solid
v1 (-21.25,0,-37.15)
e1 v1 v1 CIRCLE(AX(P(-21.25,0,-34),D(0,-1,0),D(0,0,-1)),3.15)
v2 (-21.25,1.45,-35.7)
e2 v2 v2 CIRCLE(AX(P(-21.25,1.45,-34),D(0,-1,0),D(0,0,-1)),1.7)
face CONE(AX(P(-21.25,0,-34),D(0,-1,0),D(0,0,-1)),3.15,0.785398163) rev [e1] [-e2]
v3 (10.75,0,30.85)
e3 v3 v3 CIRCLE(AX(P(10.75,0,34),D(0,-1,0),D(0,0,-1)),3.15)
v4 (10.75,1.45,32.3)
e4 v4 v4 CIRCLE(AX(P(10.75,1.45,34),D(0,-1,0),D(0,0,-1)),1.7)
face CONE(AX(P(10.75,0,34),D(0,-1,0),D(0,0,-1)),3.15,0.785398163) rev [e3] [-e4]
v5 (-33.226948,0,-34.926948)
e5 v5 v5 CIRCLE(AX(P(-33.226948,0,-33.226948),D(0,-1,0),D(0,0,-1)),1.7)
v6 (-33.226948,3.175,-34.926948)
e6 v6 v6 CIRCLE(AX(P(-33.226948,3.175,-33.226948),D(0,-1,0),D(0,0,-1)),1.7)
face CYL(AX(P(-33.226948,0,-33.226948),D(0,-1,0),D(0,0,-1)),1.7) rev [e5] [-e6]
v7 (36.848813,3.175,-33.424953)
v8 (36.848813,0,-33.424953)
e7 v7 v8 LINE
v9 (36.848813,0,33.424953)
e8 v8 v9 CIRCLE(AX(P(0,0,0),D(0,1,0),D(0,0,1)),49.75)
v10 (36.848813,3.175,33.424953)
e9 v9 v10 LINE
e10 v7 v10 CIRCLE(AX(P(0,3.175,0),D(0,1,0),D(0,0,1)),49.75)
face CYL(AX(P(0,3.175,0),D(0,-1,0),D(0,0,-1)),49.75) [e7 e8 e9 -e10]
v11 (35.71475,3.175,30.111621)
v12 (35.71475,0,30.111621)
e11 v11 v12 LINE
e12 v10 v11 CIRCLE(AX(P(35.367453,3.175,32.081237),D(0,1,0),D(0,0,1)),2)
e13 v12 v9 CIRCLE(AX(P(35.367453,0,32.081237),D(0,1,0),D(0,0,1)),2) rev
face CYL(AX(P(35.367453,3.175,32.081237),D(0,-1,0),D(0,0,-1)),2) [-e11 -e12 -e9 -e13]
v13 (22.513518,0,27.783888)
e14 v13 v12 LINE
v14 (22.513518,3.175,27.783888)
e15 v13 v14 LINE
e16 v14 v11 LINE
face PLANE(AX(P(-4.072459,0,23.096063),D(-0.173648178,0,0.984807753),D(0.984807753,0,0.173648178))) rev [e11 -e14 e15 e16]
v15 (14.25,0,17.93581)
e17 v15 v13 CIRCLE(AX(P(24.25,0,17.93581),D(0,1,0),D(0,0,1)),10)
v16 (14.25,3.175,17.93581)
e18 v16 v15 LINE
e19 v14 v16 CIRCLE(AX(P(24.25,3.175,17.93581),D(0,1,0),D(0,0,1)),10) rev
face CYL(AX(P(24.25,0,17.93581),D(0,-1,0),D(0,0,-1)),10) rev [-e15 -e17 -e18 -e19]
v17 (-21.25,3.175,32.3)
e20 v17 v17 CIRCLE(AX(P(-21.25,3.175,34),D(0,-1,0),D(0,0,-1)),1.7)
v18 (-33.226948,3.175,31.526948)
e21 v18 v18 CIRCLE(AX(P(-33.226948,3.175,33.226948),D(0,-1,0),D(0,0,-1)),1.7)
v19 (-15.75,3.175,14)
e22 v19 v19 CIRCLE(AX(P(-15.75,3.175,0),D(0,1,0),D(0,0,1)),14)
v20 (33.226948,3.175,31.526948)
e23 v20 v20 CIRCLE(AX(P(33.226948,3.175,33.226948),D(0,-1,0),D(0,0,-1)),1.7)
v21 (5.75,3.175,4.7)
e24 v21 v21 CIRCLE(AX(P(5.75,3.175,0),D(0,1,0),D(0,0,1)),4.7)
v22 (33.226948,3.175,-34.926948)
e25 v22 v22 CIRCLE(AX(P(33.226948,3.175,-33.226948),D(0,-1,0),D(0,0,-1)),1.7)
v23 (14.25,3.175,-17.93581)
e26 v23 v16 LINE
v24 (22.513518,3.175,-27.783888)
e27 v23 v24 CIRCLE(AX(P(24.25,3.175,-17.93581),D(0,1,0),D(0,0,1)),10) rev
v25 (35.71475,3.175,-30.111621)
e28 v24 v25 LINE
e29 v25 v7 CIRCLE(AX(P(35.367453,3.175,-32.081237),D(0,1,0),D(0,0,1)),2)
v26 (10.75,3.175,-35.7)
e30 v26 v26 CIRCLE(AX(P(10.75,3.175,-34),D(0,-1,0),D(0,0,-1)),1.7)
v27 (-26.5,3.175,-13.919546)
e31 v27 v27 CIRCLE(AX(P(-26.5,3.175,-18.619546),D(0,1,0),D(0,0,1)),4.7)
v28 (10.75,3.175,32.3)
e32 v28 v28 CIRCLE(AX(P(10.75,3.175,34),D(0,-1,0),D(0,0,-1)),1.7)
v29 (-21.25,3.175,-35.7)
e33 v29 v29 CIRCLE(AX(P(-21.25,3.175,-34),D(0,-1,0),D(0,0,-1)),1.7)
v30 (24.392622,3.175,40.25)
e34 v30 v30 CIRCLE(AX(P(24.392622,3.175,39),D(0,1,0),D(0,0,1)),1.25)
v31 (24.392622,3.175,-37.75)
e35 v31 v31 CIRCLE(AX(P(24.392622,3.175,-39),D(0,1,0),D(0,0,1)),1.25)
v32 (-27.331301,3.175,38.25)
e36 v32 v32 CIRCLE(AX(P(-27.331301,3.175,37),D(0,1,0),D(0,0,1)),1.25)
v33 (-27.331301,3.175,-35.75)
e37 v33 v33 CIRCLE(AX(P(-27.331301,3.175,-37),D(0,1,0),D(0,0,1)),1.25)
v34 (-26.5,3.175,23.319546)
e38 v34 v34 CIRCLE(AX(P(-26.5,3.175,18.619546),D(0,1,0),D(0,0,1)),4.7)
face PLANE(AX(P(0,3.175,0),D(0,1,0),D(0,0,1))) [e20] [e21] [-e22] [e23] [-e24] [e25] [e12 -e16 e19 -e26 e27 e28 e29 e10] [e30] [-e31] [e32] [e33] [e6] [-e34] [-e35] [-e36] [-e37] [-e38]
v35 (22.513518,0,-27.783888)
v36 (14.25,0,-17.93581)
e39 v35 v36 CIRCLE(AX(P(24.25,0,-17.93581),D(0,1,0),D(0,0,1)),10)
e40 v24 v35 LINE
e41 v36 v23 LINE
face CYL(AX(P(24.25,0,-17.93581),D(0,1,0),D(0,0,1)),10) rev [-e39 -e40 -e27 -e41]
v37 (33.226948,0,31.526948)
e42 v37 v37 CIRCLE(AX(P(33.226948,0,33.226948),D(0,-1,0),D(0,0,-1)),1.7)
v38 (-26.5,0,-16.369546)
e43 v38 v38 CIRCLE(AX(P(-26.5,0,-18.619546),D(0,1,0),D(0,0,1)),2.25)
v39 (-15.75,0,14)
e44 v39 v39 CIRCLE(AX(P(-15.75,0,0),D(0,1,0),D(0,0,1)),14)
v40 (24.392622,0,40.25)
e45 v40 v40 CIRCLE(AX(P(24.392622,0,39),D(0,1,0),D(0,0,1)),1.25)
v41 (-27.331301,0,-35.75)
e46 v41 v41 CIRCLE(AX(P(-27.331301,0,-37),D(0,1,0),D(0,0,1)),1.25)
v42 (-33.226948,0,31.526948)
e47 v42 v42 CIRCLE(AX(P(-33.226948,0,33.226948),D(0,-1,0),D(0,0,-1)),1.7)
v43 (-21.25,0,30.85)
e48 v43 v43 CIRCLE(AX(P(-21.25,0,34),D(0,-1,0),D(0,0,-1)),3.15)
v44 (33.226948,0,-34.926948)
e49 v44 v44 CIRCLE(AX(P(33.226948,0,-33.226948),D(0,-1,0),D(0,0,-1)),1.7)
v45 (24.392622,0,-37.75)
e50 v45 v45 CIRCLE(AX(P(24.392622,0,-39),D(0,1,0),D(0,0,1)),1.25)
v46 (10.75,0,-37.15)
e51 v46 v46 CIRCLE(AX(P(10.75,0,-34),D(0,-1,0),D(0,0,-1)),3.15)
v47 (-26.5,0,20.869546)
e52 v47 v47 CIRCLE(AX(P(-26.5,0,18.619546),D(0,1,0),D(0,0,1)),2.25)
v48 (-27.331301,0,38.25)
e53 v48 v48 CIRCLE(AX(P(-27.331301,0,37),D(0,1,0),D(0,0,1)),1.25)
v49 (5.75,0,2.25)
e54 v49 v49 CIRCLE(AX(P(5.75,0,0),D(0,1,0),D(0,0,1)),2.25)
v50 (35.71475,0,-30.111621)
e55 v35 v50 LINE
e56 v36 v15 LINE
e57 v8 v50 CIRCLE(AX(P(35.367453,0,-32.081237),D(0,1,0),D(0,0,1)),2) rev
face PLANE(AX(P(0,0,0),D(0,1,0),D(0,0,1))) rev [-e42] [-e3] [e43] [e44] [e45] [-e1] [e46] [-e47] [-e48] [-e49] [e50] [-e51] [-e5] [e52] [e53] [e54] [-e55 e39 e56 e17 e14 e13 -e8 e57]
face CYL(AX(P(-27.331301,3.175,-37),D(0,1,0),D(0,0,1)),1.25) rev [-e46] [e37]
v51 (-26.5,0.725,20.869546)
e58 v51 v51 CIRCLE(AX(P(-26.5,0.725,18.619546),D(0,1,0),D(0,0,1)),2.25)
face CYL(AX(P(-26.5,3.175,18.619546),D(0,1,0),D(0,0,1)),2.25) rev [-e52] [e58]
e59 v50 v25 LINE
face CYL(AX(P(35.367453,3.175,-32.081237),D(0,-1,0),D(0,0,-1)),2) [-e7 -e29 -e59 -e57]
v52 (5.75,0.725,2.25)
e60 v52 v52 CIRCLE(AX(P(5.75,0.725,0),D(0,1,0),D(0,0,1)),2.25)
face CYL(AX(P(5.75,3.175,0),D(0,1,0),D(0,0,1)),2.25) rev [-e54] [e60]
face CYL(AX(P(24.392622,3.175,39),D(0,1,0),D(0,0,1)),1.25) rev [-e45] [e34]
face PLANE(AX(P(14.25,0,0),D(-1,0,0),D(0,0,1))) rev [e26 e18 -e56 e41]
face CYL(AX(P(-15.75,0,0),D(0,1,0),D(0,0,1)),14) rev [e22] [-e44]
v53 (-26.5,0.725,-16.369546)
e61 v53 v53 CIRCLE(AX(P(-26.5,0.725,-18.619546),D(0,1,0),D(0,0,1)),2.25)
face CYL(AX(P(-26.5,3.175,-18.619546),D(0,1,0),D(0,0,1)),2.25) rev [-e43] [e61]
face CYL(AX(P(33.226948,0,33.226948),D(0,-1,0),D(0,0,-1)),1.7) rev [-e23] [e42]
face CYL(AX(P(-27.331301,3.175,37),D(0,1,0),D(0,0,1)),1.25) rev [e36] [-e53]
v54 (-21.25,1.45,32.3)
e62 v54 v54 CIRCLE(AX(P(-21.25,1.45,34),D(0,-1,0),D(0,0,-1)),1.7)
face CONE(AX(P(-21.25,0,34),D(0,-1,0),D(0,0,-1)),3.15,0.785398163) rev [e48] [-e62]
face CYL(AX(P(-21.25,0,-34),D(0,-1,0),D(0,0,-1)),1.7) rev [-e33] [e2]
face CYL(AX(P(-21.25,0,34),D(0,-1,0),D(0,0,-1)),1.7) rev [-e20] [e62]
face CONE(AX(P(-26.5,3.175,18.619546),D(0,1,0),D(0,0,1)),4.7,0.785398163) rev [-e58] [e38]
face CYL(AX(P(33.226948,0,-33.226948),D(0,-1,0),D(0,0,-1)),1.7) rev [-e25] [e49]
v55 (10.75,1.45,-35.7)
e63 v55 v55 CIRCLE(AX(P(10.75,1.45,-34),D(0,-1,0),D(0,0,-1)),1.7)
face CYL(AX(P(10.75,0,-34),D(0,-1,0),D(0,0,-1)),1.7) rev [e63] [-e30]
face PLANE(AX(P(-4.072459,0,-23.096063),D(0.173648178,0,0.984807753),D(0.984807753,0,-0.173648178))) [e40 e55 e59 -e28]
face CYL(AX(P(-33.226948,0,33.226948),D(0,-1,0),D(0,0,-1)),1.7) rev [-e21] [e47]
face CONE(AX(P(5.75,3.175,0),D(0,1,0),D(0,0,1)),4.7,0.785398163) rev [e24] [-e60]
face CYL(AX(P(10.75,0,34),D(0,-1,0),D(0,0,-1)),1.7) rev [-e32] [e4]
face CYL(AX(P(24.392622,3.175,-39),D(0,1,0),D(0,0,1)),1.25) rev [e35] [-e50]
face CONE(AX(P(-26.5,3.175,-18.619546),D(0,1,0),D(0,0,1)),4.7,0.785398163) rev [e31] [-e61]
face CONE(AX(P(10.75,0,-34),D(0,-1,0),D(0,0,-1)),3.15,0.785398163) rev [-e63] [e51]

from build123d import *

# Parameters (mm, degrees)
SKETCH1_R                                       = 49.75
BOSS_EXTRUDE1_DEPTH                             = 3.175
CUT_EXTRUDE1_DEPTH                              = 71.428727271
SKETCH3_R                                       = 14
CUT_EXTRUDE2_DEPTH                              = 71.428727271
CIRPATTERN1_COUNT                               = 3
F_3_4_3_4_DIAMETER_HOLE1_D                      = 3.4
CIRPATTERN2_COUNT                               = 4
CSK_FOR_M3_FLAT_HEAD_MACHINE_SCREW2_D           = 3.4
CSK_FOR_M3_FLAT_HEAD_MACHINE_SCREW2_CSINK_D     = 6.3
CSK_FOR_M3_FLAT_HEAD_MACHINE_SCREW2_CSINK_ANGLE = 90
FILLET1_R                                       = 2
FILLET2_R                                       = 10
M3X0_5_TAPPED_HOLE1_D                           = 2.5


with BuildPart() as part:
    # Sketch1 → Boss-Extrude1 (new body)
    with BuildSketch(Plane(origin=(0, 0, 0), x_dir=(1, 0, 0), z_dir=(0, 1, 0))):
        Circle(SKETCH1_R)
    extrude(amount=BOSS_EXTRUDE1_DEPTH)

    # Sketch2 → Cut-Extrude1 (cut, through all)
    with BuildSketch(Plane(origin=(0, 3.175, 0), x_dir=(1, 0, 0), z_dir=(0, 1, 0))):
        with BuildLine():
            Line((33.834716203, 29.780120501), (14.25, 26.326806625))
            Line((14.25, 26.326806625), (14.25, -26.326806625))
            Line((14.25, -26.326806625), (39.136360913, -30.714943505))
            ThreePointArc((39.136360913, -30.714943505), (47.021784608, -16.248516003), (49.75, 0))
            ThreePointArc((49.75, 0), (47.021784608, 16.248516003), (39.136360913, 30.714943505))
            Line((39.136360913, 30.714943505), (33.834716203, 29.780120501))
        make_face()
    extrude(amount=-CUT_EXTRUDE1_DEPTH, mode=Mode.SUBTRACT)

    # Sketch3 → Cut-Extrude2 (cut, through all)
    with BuildSketch(Plane(origin=(0, 3.175, 0), x_dir=(1, 0, 0), z_dir=(0, 1, 0))):
        with Locations((-15.75, 0)):
            Circle(SKETCH3_R)
    extrude(amount=-CUT_EXTRUDE2_DEPTH, mode=Mode.SUBTRACT)

    # Sketch6 → CSK for M4 Flat Head Machine Screw1 (revolve, cut)
    with BuildSketch(Plane(origin=(5.75, 3.175, 0), x_dir=(0, 0, 1), z_dir=(1, 0, 0))):
        Polygon((0, 0), (0, 3.175), (2.25, 3.175), (2.25, 2.45), (4.7, 0), align=None)
    csk_for_m4_flat_head_machine_screw1 = revolve(axis=Axis((5.75, 9.525, 0), (0, -1, 0)), mode=Mode.SUBTRACT)

    # CirPattern1: CSK for M4 Flat Head Machine Screw1 ×3 about axis
    cirpattern1_axis = Axis((-15.75, 3.175, 0), (0, 1, 0))
    for i in range(1, CIRPATTERN1_COUNT):
        add(csk_for_m4_flat_head_machine_screw1.rotate(cirpattern1_axis, i * 360 / CIRPATTERN1_COUNT), mode=Mode.SUBTRACT)

    # Ø3.4 (3.4) Diameter Hole1 (through all)
    with Locations(Plane(origin=(0, 0, 0), x_dir=(-1, 0, 0), z_dir=(0, -1, 0))):
        with Locations((-33.226947648, 33.226947648)):
            f_3_4_3_4_diameter_hole1 = Hole(F_3_4_3_4_DIAMETER_HOLE1_D / 2)

    # CirPattern2: Ø3.4 (3.4) Diameter Hole1 ×4 about axis
    cirpattern2_axis = Axis((0, 3.175, 0), (0, -1, 0))
    for i in range(1, CIRPATTERN2_COUNT):
        add(f_3_4_3_4_diameter_hole1.rotate(cirpattern2_axis, i * 360 / CIRPATTERN2_COUNT), mode=Mode.SUBTRACT)

    # CSK for M3 Flat Head Machine Screw2 (through all)
    with Locations(Plane(origin=(0, 0, 0), x_dir=(-1, 0, 0), z_dir=(0, -1, 0))):
        with Locations((21.25, -34), (-10.75, -34), (-10.75, 34), (21.25, 34)):
            CounterSinkHole(CSK_FOR_M3_FLAT_HEAD_MACHINE_SCREW2_D / 2, CSK_FOR_M3_FLAT_HEAD_MACHINE_SCREW2_CSINK_D / 2, counter_sink_angle=CSK_FOR_M3_FLAT_HEAD_MACHINE_SCREW2_CSINK_ANGLE)

    # Fillet1
    fillet1_edges = [part.edges().sort_by_distance(p)[0] for p in [
        (39.136360913, 1.5875, 30.714943505),
        (39.136360913, 1.5875, -30.714943505),
    ]]
    fillet(fillet1_edges, radius=FILLET1_R)

    # Fillet2
    fillet2_edges = [part.edges().sort_by_distance(p)[0] for p in [
        (14.25, 1.5875, -26.326806625),
        (14.25, 1.5875, 26.326806625),
    ]]
    fillet(fillet2_edges, radius=FILLET2_R)

    # M3x0.5 Tapped Hole1 (through all)
    with Locations(Plane(origin=(0, 3.175, 0), x_dir=(1, 0, 0), z_dir=(0, 1, 0))):
        with Locations((-27.331300737, -37), (24.392621835, -39), (24.392621835, 39), (-27.331300737, 37)):
            Hole(M3X0_5_TAPPED_HOLE1_D / 2)


solid = part.part
